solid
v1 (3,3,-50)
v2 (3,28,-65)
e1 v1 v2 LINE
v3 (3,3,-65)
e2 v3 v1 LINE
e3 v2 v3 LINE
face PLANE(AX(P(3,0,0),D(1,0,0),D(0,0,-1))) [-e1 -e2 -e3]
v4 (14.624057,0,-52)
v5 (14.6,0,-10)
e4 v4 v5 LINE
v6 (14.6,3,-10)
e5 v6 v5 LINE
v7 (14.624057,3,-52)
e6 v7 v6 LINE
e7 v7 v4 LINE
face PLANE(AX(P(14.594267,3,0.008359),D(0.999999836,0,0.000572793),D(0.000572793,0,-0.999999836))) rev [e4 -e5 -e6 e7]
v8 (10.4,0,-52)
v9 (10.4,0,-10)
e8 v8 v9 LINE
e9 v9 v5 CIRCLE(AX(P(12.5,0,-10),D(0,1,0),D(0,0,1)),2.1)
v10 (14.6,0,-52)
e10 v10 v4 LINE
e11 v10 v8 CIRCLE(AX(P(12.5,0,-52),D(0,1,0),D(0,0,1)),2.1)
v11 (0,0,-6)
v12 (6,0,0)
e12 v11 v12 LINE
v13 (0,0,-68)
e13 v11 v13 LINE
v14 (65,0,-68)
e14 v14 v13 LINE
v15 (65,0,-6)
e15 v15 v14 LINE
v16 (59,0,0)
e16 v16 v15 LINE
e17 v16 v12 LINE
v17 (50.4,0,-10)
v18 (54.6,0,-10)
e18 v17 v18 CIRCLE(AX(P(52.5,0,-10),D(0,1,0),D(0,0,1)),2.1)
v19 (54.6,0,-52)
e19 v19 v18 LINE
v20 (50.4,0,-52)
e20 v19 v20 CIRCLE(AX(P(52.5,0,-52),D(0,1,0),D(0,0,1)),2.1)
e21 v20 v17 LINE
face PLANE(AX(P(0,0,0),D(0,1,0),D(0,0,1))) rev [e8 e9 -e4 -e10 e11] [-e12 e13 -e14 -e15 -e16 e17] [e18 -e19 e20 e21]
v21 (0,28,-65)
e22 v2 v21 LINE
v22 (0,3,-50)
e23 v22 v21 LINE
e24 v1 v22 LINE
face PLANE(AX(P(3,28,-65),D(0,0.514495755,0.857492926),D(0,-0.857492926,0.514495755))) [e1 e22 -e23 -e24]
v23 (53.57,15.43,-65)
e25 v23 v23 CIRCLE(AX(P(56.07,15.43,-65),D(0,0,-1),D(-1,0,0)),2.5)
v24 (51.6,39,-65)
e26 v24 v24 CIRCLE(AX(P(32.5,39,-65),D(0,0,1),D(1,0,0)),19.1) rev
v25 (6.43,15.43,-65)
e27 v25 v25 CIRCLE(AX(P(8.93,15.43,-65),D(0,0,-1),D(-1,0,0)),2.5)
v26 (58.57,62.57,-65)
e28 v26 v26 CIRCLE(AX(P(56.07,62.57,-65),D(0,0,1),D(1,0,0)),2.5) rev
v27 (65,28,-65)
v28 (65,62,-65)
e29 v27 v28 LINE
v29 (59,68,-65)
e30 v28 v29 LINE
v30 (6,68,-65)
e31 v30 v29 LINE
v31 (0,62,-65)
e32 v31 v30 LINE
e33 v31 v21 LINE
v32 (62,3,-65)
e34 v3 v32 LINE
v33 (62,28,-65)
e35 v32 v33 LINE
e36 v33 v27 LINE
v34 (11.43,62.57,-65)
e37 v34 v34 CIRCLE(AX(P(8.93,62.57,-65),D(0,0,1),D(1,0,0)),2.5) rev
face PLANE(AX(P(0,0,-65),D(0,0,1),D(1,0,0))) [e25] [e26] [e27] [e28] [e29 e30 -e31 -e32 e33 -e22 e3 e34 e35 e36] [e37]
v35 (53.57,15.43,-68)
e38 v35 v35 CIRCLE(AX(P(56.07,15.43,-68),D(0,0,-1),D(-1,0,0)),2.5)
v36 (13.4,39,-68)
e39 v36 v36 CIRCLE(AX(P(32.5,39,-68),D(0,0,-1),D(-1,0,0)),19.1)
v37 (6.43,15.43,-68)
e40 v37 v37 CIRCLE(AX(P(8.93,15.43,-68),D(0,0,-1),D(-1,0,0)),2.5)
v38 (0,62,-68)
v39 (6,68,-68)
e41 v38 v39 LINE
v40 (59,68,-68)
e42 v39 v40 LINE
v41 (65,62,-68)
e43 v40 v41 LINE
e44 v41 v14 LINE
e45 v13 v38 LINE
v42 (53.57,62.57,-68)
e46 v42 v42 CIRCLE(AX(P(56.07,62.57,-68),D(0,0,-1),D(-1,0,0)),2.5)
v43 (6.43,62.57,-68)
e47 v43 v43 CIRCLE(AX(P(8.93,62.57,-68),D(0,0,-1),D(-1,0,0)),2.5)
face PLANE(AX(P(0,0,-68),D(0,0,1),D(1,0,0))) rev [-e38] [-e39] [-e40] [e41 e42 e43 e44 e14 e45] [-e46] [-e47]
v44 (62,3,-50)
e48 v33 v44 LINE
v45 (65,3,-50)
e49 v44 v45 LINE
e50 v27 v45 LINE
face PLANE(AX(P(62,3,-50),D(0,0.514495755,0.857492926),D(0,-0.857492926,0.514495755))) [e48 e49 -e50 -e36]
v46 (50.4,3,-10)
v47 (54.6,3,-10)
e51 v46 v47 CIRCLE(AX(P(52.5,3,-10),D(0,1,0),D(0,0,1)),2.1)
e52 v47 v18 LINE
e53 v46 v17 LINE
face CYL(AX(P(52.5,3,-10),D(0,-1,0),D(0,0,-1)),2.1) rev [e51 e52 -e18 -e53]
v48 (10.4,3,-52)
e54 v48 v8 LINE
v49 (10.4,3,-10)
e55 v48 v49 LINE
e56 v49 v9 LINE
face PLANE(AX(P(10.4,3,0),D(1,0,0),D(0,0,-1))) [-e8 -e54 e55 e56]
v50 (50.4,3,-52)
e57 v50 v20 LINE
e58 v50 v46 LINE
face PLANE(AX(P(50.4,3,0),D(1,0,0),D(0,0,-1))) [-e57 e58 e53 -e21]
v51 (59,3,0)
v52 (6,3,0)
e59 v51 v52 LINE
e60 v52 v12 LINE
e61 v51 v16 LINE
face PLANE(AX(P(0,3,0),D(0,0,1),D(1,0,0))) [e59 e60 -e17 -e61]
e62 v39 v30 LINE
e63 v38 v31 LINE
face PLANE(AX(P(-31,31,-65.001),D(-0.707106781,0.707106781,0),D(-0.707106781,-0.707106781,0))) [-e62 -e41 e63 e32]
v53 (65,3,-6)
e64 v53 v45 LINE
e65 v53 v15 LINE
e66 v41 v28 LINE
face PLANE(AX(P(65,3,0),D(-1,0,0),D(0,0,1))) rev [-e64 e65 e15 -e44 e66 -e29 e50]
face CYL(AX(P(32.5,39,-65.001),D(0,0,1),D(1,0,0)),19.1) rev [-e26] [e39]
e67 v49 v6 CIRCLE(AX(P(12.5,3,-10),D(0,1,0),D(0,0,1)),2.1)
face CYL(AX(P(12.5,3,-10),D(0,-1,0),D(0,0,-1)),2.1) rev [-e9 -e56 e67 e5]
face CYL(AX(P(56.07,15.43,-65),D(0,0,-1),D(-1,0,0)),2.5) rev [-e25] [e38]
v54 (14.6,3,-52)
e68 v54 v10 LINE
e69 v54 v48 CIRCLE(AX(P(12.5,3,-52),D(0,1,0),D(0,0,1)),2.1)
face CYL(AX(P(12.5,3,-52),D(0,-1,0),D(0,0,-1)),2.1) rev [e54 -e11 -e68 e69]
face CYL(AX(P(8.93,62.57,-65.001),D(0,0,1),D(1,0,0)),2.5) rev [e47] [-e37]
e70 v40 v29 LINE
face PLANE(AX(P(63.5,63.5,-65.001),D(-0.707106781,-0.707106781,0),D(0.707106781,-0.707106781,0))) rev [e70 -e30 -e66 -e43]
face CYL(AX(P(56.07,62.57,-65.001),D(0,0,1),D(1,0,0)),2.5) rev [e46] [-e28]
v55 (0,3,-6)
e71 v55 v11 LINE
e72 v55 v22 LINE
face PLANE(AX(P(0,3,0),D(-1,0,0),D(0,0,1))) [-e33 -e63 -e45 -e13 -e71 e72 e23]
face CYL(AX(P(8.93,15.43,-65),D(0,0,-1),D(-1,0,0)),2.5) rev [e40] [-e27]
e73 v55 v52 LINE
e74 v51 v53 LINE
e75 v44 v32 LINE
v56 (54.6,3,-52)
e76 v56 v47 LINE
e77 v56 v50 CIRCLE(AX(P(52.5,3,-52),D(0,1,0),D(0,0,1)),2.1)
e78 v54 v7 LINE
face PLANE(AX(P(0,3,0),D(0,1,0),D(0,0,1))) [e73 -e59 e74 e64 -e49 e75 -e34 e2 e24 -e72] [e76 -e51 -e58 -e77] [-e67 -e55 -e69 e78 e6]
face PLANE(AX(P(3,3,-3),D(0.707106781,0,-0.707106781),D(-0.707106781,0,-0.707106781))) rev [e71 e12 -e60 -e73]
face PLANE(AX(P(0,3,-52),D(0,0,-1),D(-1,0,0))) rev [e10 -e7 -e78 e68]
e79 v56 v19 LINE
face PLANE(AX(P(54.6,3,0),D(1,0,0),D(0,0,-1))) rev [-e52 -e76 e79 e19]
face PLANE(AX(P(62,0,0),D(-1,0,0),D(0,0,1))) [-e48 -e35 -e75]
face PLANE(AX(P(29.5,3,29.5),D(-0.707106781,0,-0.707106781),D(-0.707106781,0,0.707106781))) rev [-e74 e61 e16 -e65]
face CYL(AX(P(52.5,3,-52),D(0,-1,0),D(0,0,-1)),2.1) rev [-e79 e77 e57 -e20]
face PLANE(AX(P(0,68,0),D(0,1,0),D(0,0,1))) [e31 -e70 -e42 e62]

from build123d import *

# Parameters (mm, degrees)
BOSS_EXTRUDE1_DEPTH = 3
SKETCH2_W           = 65
SKETCH2_H           = 3
BOSS_EXTRUDE2_DEPTH = 65
CUT_EXTRUDE1_REACH  = 114.663
SKETCH3_R           = 2.5
SKETCH3_R_2         = 19.1
SKETCH4_R           = 19.1
SKETCH4_R_2         = 2.5
BOSS_EXTRUDE3_DEPTH = 3
SKETCH5_W           = 65
SKETCH5_H           = 66.483873972
CUT_EXTRUDE2_DEPTH  = 3
SKETCH6_R           = 2.5
CUT_EXTRUDE3_DEPTH  = 3
BOSS_EXTRUDE5_DEPTH = 3
BOSS_EXTRUDE6_DEPTH = 3


with BuildPart() as part:
    # Sketch1 → Boss-Extrude1 (new body)
    with BuildSketch(Plane(origin=(0, 0, 0), x_dir=(1, 0, 0), z_dir=(0, 1, 0))):
        Polygon((52.5, 0), (59, 0), (65, 6), (65, 65), (0, 65), (0, 6), (6, 0), align=None)
        with BuildLine():
            ThreePointArc((54.6, 10), (53.98492424, 8.51507576), (52.5, 7.9))
            ThreePointArc((52.5, 7.9), (51.01507576, 8.51507576), (50.4, 10))
            Line((50.4, 10), (50.4, 52))
            ThreePointArc((50.4, 52), (52.5, 54.1), (54.6, 52))
            Line((54.6, 52), (54.6, 10))
        make_face(mode=Mode.SUBTRACT)
        with BuildLine():
            Line((14.6, 52), (14.624057294, 52))
            Line((14.624057294, 52), (14.6, 10))
            ThreePointArc((14.6, 10), (12.5, 7.9), (10.4, 10))
            Line((10.4, 10), (10.4, 52))
            ThreePointArc((10.4, 52), (12.5, 54.1), (14.6, 52))
        make_face(mode=Mode.SUBTRACT)
    extrude(amount=BOSS_EXTRUDE1_DEPTH)

    # Sketch2 → Boss-Extrude2 (add)
    with BuildSketch(Plane(origin=(0, 3, 0), x_dir=(1, 0, 0), z_dir=(0, 1, 0))):
        with Locations((32.5, 63.5)):
            Rectangle(SKETCH2_W, SKETCH2_H)
    extrude(amount=BOSS_EXTRUDE2_DEPTH)

    # Sketch3 → Cut-Extrude1 (cut, up to next)
    with BuildSketch(Plane.XY.offset(-62), mode=Mode.PRIVATE) as cut_extrude1_sk1:
        Polygon((6, 68), (0, 68), (0, 62), align=None)
    cut_extrude1_tool1 = extrude(cut_extrude1_sk1.sketch, amount=-CUT_EXTRUDE1_REACH, mode=Mode.PRIVATE) & part.part
    # Sketch3 → Cut-Extrude1 (cut, up to next)
    with BuildSketch(Plane.XY.offset(-62), mode=Mode.PRIVATE) as cut_extrude1_sk2:
        with Locations((8.93, 15.43)):
            Circle(SKETCH3_R)
    cut_extrude1_tool2 = extrude(cut_extrude1_sk2.sketch, amount=-CUT_EXTRUDE1_REACH, mode=Mode.PRIVATE) & part.part
    # Sketch3 → Cut-Extrude1 (cut, up to next)
    with BuildSketch(Plane.XY.offset(-62), mode=Mode.PRIVATE) as cut_extrude1_sk3:
        with Locations((56.07, 15.43)):
            Circle(SKETCH3_R)
    cut_extrude1_tool3 = extrude(cut_extrude1_sk3.sketch, amount=-CUT_EXTRUDE1_REACH, mode=Mode.PRIVATE) & part.part
    # Sketch3 → Cut-Extrude1 (cut, up to next)
    with BuildSketch(Plane.XY.offset(-62), mode=Mode.PRIVATE) as cut_extrude1_sk4:
        with Locations((56.07, 62.57)):
            Circle(SKETCH3_R)
    cut_extrude1_tool4 = extrude(cut_extrude1_sk4.sketch, amount=-CUT_EXTRUDE1_REACH, mode=Mode.PRIVATE) & part.part
    # Sketch3 → Cut-Extrude1 (cut, up to next)
    with BuildSketch(Plane.XY.offset(-62), mode=Mode.PRIVATE) as cut_extrude1_sk5:
        with Locations((32.5, 39)):
            Circle(SKETCH3_R_2)
    cut_extrude1_tool5 = extrude(cut_extrude1_sk5.sketch, amount=-CUT_EXTRUDE1_REACH, mode=Mode.PRIVATE) & part.part
    # Sketch3 → Cut-Extrude1 (cut, up to next)
    with BuildSketch(Plane.XY.offset(-62), mode=Mode.PRIVATE) as cut_extrude1_sk6:
        Polygon((65, 68), (59, 68), (65, 62), align=None)
    cut_extrude1_tool6 = extrude(cut_extrude1_sk6.sketch, amount=-CUT_EXTRUDE1_REACH, mode=Mode.PRIVATE) & part.part
    # Sketch3 → Cut-Extrude1 (cut, up to next)
    with BuildSketch(Plane.XY.offset(-62), mode=Mode.PRIVATE) as cut_extrude1_sk7:
        with BuildLine():
            ThreePointArc((11.43, 62.57), (7.214795913, 64.388811408), (8.783540049, 60.074293791))
            ThreePointArc((8.783540049, 60.074293791), (10.645204087, 60.751188592), (11.43, 62.57))
        make_face()
    cut_extrude1_tool7 = extrude(cut_extrude1_sk7.sketch, amount=-CUT_EXTRUDE1_REACH, mode=Mode.PRIVATE) & part.part
    add(cut_extrude1_tool1.solids().sort_by_distance((2, 66, -62))[0], mode=Mode.SUBTRACT)
    add(cut_extrude1_tool2.solids().sort_by_distance((8.93, 15.43, -62))[0], mode=Mode.SUBTRACT)
    add(cut_extrude1_tool3.solids().sort_by_distance((56.07, 15.43, -62))[0], mode=Mode.SUBTRACT)
    add(cut_extrude1_tool4.solids().sort_by_distance((56.07, 62.57, -62))[0], mode=Mode.SUBTRACT)
    add(cut_extrude1_tool5.solids().sort_by_distance((32.5, 39, -62))[0], mode=Mode.SUBTRACT)
    add(cut_extrude1_tool6.solids().sort_by_distance((63, 66, -62))[0], mode=Mode.SUBTRACT)
    add(cut_extrude1_tool7.solids().sort_by_distance((8.93, 62.57, -62))[0], mode=Mode.SUBTRACT)

    # Sketch4 → Boss-Extrude3 (add)
    with BuildSketch(Plane(origin=(0, 0, -65), x_dir=(-1, 0, 0), z_dir=(0, 0, -1))):
        Polygon((-65, 62), (-59, 68), (-6, 68), (0, 62), (0, 0), (-65, 0), align=None)
        with Locations(Location((-32.5, 39, 0), (0, 0, 180))):
            Circle(SKETCH4_R, mode=Mode.SUBTRACT)
        with Locations(Location((-56.07, 62.57, 0), (0, 0, 180))):
            Circle(SKETCH4_R_2, mode=Mode.SUBTRACT)
        with Locations(Location((-8.93, 62.57, 0), (0, 0, 180))):
            Circle(SKETCH4_R_2, mode=Mode.SUBTRACT)
    extrude(amount=BOSS_EXTRUDE3_DEPTH)

    # Sketch5 → Cut-Extrude2 (cut)
    with BuildSketch(Plane.XY.offset(-62)):
        with Locations((32.5, 36.241936986)):
            Rectangle(SKETCH5_W, SKETCH5_H)
    extrude(amount=-CUT_EXTRUDE2_DEPTH, mode=Mode.SUBTRACT)

    # Sketch6 → Cut-Extrude3 (cut)
    with BuildSketch(Plane(origin=(0, 0, -68), x_dir=(-1, 0, 0), z_dir=(0, 0, -1))):
        with Locations((-56.07, 15.43)):
            Circle(SKETCH6_R)
        with Locations((-8.93, 15.43)):
            Circle(SKETCH6_R)
    extrude(amount=-CUT_EXTRUDE3_DEPTH, mode=Mode.SUBTRACT)

    # Sketch7 → Boss-Extrude5 (add)
    with BuildSketch(Plane.ZY):
        Polygon((-65, 3), (-50, 3), (-65, 28), align=None)
    extrude(amount=-BOSS_EXTRUDE5_DEPTH)

    # Sketch8 → Boss-Extrude6 (add)
    with BuildSketch(Plane(origin=(65, 0, 0), x_dir=(0, 0, -1), z_dir=(1, 0, 0))):
        Polygon((65, 3), (50, 3), (65, 28), align=None)
    extrude(amount=-BOSS_EXTRUDE6_DEPTH)


solid = part.part
